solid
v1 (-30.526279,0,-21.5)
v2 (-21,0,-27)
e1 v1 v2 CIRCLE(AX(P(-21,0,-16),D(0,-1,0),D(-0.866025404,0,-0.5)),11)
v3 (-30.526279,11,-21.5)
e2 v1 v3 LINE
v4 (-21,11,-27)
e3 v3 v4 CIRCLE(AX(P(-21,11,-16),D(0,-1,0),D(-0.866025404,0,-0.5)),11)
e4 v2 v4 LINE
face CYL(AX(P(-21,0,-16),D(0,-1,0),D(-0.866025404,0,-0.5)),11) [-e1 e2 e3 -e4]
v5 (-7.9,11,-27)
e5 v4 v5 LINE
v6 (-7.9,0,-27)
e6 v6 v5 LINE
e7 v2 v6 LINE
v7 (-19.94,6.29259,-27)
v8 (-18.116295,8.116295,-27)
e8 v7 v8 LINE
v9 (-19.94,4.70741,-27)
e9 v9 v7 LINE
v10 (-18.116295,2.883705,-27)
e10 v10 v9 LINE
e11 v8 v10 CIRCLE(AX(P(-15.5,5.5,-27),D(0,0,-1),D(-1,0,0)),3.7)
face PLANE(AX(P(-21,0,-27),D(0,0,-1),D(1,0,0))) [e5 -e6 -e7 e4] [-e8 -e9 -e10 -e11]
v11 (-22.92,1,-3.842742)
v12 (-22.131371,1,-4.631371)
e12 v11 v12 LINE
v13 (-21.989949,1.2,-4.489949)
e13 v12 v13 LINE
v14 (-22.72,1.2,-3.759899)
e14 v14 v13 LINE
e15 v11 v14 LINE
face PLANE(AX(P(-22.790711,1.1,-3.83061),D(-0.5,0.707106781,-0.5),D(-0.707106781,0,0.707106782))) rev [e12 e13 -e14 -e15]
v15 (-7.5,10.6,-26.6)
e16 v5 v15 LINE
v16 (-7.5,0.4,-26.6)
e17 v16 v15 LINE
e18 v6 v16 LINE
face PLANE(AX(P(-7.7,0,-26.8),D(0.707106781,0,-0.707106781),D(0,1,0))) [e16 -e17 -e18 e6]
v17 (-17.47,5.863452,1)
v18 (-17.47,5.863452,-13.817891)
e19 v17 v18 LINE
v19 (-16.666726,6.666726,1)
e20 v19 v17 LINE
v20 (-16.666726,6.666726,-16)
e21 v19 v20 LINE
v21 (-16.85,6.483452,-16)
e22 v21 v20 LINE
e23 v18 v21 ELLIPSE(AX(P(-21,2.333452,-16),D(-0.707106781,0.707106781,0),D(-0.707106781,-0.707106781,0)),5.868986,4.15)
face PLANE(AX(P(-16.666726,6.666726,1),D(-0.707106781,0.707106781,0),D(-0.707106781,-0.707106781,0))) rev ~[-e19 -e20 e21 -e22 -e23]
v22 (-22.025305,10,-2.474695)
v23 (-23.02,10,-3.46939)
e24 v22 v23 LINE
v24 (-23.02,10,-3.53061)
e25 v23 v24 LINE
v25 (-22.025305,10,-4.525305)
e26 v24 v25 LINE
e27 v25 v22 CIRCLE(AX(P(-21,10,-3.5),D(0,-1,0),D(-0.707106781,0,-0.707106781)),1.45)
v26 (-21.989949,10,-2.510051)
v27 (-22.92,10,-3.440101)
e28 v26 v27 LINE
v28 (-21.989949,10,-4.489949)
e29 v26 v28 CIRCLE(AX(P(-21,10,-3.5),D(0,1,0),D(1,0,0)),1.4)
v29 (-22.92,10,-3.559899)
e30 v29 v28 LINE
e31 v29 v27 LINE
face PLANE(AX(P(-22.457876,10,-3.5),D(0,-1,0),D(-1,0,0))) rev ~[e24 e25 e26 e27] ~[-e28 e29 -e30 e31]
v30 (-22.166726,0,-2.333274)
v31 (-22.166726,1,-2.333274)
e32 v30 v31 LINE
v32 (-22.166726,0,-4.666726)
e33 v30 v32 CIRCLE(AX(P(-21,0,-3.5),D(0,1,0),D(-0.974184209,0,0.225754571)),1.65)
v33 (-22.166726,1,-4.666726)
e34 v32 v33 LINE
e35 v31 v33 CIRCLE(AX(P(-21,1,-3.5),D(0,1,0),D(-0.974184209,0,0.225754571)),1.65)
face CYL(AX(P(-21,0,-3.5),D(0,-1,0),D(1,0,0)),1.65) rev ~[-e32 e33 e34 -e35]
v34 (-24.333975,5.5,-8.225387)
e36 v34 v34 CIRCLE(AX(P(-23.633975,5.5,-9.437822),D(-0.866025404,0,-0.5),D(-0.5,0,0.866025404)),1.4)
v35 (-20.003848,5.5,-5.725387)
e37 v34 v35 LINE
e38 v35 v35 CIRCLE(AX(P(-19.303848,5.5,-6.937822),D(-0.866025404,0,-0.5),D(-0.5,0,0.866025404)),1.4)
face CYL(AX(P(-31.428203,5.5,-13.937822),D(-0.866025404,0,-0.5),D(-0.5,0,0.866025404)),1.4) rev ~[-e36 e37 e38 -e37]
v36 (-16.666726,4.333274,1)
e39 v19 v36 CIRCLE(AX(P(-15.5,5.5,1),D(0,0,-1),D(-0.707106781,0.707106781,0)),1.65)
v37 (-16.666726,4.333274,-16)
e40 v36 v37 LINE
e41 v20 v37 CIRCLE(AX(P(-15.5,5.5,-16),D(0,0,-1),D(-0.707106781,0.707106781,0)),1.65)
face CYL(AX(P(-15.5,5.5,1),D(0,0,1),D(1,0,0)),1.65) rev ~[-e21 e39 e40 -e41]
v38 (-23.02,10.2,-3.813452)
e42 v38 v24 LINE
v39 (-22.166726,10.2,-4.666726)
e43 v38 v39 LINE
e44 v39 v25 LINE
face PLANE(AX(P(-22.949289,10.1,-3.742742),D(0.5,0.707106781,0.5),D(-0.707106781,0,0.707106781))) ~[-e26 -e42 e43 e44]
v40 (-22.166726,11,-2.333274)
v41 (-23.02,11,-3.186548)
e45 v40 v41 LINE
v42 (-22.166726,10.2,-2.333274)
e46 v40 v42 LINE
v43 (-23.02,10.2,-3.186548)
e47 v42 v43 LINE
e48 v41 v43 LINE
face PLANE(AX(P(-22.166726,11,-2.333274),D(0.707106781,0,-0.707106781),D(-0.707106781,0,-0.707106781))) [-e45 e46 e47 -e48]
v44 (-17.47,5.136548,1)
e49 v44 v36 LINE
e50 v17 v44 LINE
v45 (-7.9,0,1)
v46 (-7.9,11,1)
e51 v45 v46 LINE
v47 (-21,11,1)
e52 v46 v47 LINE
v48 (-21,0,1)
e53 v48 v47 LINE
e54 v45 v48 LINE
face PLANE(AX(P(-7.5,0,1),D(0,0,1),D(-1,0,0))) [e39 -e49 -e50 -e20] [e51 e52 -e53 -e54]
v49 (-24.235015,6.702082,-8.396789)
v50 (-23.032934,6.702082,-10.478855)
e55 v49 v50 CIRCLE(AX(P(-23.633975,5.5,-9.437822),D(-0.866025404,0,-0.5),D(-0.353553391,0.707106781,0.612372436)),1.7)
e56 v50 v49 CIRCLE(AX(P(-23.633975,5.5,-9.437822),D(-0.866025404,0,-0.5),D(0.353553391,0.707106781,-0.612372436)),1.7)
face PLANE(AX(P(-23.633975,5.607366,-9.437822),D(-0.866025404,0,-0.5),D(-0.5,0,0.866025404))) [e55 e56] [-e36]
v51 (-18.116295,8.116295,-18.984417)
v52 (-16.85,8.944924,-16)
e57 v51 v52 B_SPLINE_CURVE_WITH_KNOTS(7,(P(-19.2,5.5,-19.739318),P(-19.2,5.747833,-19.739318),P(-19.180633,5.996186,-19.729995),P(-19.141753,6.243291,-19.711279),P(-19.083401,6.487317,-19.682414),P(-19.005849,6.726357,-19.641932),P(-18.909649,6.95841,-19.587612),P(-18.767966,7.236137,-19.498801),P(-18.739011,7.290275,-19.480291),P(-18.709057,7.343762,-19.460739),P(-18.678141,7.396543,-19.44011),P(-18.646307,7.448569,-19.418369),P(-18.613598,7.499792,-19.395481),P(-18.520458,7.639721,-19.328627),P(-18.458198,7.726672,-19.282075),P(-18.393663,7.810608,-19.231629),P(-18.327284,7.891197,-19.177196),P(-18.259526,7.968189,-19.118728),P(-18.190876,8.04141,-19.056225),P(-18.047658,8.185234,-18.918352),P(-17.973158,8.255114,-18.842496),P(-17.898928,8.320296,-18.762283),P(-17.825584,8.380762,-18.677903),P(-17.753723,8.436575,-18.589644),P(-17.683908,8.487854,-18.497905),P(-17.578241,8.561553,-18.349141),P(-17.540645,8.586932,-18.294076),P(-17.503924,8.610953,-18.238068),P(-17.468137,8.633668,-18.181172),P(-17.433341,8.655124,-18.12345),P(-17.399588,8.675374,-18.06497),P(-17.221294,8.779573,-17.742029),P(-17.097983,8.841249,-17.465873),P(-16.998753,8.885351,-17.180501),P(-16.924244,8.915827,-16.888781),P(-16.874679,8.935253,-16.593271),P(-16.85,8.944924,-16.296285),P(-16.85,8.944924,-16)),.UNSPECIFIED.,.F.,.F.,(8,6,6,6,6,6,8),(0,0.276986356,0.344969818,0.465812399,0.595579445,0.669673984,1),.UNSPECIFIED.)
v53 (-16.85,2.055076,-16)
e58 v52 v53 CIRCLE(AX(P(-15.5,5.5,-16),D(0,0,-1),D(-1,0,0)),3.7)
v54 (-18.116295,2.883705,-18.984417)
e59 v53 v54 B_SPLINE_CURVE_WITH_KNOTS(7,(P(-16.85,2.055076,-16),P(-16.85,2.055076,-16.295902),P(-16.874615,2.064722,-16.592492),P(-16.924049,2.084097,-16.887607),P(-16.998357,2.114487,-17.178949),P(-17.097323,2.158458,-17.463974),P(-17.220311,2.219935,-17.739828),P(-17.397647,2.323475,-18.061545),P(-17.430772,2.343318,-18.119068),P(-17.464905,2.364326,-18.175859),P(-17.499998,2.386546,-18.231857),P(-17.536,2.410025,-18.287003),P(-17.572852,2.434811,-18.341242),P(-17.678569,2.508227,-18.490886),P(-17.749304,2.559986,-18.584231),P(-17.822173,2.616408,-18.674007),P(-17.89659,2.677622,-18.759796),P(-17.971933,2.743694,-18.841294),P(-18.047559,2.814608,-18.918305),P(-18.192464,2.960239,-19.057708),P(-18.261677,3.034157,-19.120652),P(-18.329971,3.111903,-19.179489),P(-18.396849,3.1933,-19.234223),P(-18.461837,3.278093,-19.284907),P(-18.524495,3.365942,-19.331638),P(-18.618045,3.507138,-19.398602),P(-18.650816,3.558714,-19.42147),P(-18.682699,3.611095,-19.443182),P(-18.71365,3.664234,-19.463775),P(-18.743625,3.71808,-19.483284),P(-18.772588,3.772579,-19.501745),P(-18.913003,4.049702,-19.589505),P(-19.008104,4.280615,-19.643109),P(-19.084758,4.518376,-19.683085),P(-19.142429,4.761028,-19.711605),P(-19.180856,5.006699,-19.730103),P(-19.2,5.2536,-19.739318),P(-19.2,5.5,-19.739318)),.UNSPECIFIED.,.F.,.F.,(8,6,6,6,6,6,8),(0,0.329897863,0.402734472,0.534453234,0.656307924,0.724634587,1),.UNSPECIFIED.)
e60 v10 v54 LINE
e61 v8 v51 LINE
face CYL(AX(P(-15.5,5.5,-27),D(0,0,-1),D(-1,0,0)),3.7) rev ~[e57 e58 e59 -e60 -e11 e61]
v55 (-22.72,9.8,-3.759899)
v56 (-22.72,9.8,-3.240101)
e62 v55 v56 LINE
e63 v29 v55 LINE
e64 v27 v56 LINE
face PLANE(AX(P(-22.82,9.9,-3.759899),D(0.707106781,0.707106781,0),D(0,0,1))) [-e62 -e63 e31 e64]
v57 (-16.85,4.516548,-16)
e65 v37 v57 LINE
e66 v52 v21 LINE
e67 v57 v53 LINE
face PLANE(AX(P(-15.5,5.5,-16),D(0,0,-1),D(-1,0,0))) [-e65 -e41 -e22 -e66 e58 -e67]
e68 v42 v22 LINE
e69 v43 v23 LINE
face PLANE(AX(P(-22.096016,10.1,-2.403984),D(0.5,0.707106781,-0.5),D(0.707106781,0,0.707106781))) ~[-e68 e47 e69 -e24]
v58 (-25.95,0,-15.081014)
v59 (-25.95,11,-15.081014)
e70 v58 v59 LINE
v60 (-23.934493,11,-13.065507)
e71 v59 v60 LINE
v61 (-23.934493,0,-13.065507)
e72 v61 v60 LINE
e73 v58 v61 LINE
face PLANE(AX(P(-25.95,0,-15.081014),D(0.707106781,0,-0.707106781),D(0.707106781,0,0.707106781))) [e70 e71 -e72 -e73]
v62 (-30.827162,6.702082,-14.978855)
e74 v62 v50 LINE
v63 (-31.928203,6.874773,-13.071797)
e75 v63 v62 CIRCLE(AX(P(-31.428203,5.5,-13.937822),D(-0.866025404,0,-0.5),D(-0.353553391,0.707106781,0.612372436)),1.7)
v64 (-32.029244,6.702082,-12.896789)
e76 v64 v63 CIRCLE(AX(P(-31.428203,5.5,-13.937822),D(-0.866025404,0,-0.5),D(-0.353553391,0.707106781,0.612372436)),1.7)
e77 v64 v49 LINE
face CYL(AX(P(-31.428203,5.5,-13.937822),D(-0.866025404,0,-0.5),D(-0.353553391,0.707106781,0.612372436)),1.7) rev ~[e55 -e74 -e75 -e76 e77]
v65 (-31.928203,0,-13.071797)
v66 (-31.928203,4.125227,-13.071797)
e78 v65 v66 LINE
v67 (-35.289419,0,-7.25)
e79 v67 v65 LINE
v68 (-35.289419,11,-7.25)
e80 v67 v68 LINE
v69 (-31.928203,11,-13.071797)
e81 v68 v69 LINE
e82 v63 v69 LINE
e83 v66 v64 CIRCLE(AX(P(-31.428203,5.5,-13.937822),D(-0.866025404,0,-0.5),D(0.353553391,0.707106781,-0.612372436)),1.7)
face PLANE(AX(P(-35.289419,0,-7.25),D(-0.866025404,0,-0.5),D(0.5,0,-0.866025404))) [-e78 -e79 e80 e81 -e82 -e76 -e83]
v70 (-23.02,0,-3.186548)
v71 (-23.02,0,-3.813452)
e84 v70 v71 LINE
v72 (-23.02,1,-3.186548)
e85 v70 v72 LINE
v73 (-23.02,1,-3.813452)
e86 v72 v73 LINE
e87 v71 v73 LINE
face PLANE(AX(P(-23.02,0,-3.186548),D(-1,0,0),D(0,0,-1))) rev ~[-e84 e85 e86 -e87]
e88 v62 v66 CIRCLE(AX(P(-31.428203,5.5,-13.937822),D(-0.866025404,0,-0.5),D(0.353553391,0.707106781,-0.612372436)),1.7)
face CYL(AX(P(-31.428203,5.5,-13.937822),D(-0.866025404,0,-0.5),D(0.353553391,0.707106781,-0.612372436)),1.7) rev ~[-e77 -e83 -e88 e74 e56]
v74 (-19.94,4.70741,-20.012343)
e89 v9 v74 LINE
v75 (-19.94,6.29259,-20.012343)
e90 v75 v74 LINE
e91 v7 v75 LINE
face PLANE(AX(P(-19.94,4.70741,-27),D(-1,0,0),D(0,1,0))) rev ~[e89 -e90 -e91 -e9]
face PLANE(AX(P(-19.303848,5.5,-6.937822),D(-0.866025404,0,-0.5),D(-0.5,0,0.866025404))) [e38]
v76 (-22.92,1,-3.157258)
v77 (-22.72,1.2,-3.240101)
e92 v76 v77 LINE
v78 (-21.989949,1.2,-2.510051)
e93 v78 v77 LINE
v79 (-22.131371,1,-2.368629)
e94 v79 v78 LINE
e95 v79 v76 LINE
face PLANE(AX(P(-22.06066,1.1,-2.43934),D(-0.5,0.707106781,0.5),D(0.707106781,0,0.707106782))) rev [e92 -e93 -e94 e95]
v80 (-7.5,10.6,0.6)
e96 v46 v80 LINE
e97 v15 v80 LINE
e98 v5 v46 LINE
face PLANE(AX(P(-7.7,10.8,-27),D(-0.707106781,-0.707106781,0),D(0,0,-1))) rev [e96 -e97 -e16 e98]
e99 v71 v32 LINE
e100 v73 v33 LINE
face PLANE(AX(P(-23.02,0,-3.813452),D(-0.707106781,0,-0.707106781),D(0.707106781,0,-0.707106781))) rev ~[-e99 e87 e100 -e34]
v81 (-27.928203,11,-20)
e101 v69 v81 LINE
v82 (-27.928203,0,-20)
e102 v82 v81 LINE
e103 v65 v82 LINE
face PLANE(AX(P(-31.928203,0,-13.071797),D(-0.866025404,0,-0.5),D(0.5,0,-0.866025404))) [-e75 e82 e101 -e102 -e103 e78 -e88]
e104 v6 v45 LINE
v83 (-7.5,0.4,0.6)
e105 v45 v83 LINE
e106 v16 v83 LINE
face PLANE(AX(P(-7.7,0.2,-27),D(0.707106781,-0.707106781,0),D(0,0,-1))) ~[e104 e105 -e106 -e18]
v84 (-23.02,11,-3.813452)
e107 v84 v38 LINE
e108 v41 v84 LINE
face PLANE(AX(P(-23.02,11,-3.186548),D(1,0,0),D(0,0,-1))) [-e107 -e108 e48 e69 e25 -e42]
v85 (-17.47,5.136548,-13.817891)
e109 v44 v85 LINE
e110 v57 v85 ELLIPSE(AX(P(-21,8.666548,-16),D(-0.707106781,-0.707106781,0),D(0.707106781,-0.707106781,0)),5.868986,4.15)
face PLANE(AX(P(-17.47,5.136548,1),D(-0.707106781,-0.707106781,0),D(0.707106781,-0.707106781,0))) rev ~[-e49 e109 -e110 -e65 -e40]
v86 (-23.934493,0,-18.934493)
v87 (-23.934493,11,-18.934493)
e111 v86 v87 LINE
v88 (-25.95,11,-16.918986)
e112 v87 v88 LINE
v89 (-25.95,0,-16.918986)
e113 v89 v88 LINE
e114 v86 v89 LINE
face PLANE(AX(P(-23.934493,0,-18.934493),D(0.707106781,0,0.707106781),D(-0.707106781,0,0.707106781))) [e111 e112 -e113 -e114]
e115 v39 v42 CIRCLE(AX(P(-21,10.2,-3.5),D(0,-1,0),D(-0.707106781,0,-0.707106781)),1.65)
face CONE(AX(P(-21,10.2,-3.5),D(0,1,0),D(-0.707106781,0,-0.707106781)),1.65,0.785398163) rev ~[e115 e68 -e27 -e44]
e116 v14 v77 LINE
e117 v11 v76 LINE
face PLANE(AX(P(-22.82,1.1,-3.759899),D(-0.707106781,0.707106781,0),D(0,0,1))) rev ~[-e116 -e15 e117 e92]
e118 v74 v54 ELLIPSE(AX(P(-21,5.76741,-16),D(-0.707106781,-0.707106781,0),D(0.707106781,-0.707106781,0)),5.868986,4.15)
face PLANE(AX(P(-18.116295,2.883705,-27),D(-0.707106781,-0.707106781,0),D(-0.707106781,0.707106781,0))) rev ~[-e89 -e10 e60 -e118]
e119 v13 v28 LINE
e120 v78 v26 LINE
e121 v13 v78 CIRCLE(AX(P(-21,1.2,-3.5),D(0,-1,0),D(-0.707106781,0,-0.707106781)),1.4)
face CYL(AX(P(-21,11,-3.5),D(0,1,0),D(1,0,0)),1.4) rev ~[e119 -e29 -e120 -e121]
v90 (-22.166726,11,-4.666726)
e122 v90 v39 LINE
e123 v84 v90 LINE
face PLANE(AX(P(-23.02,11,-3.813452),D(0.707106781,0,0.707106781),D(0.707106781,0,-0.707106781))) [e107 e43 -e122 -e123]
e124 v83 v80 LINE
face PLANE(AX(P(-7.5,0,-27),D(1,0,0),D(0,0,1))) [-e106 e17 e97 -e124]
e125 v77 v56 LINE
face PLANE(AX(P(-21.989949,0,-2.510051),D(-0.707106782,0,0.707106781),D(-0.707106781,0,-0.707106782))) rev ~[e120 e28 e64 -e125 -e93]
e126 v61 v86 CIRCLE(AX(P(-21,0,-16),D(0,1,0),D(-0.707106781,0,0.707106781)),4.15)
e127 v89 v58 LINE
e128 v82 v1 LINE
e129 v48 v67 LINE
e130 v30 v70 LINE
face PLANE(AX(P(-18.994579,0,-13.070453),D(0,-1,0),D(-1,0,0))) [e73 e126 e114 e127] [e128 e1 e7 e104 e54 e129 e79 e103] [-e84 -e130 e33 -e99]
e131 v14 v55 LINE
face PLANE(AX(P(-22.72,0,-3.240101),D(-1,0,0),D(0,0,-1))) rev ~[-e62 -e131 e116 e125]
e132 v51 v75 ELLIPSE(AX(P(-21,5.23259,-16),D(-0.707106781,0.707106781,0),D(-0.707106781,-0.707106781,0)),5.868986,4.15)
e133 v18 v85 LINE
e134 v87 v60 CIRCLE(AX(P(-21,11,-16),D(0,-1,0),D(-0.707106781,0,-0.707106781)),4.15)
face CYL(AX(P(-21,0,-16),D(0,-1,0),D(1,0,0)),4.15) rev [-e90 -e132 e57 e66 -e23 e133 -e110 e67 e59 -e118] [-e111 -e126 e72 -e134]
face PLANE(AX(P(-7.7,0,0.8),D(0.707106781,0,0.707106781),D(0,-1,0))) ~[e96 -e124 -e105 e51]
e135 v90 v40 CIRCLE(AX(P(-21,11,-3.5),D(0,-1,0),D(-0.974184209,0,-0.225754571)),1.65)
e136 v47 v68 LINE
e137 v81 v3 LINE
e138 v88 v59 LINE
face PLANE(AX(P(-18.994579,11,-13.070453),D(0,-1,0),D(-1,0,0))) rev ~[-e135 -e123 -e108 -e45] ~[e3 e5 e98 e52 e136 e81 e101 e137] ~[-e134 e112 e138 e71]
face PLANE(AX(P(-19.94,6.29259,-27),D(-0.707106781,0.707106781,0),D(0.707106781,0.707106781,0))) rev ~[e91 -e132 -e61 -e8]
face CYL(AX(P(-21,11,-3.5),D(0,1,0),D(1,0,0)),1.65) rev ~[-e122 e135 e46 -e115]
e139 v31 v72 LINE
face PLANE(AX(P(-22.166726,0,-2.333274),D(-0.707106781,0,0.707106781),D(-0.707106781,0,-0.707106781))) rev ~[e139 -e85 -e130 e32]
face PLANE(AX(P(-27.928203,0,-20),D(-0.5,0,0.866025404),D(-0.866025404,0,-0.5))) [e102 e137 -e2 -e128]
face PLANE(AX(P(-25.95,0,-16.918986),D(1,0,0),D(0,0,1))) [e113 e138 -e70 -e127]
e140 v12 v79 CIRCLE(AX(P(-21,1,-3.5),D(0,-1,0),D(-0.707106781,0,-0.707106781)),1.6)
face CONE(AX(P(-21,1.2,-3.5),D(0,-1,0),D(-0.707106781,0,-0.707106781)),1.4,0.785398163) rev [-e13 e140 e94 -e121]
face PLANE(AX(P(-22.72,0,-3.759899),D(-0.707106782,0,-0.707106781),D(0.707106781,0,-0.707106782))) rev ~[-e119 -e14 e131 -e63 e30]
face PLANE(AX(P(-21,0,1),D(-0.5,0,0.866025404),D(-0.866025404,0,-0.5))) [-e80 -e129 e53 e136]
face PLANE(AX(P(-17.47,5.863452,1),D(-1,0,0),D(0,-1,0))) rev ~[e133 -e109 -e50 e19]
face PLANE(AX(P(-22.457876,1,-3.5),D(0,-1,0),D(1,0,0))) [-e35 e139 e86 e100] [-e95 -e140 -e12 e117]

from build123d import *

# Parameters (mm, degrees)
SKETCH1_R           = 4.15
BOSS_EXTRUDE1_DEPTH = 11
SKETCH2_R           = 1.65
CUT_EXTRUDE1_DEPTH  = 29
SKETCH3_R           = 3.7
CUT_EXTRUDE2_DEPTH  = 11
SKETCH5_R           = 1.4
CUT_EXTRUDE4_DEPTH  = 12.0000001
SKETCH11_R          = 1.4
CUT_EXTRUDE10_DEPTH = 14
CUT_EXTRUDE14_DEPTH = 12.0000001
CUT_EXTRUDE15_DEPTH = 11
CUT_EXTRUDE16_DEPTH = 29.0000001
CUT_EXTRUDE21_DEPTH = 12.0000001
SKETCH20_R          = 1.65
CUT_EXTRUDE18_DEPTH = 1
SKETCH21_R          = 1.65
CUT_EXTRUDE19_DEPTH = 1
CUT_EXTRUDE22_DEPTH = 1
CUT_EXTRUDE23_DEPTH = 1
CHAMFER4_SIZE       = 0.4
CUT_EXTRUDE20_DEPTH = 9
CHAMFER5_SIZE       = 0.2


with BuildPart() as part:
    # Sketch1 → Boss-Extrude1 (new body)
    with BuildSketch(Plane(origin=(0, 0, 0), x_dir=(1, 0, 0), z_dir=(0, 1, 0))):
        with BuildLine():
            Line((-7.5, -1), (-21, -1))
            Line((-21, -1), (-35.289419162, 7.25))
            Line((-35.289419162, 7.25), (-31.92820323, 13.07179677))
            Line((-31.92820323, 13.07179677), (-27.92820323, 20))
            Line((-27.92820323, 20), (-30.526279442, 21.5))
            ThreePointArc((-30.526279442, 21.5), (-26.5, 25.526279442), (-21, 27))
            Line((-21, 27), (-7.5, 27))
            Line((-7.5, 27), (-7.5, -1))
        make_face()
        with Locations((-21, 16)):
            Circle(SKETCH1_R, mode=Mode.SUBTRACT)
    extrude(amount=BOSS_EXTRUDE1_DEPTH)

    # Sketch2 → Cut-Extrude1 (cut, through all)
    with BuildSketch(Plane.XY.offset(1)):
        with Locations((-15.5, 5.5)):
            Circle(SKETCH2_R)
    extrude(amount=-CUT_EXTRUDE1_DEPTH, mode=Mode.SUBTRACT)

    # Sketch3 → Cut-Extrude2 (cut)
    with BuildSketch(Plane(origin=(0, 0, -27), x_dir=(-1, 0, 0), z_dir=(0, 0, -1))):
        with Locations((15.5, 5.5)):
            Circle(SKETCH3_R)
    extrude(amount=-CUT_EXTRUDE2_DEPTH, mode=Mode.SUBTRACT)

    # Sketch5 → Cut-Extrude4 (cut, through all)
    with BuildSketch(Plane(origin=(0, 11, 0), x_dir=(1, 0, 0), z_dir=(0, 1, 0))):
        with Locations((-21, 3.5)):
            Circle(SKETCH5_R)
    extrude(amount=-CUT_EXTRUDE4_DEPTH, mode=Mode.SUBTRACT)

    # Sketch11 → Cut-Extrude10 (cut)
    with BuildSketch(Plane(origin=(-29.606406461, 0, -17.09326674), x_dir=(-0.5, 0, 0.866025404), z_dir=(-0.866025404, 0, -0.5))):
        with Locations((3.643593539, 5.5)):
            Circle(SKETCH11_R)
    extrude(amount=-CUT_EXTRUDE10_DEPTH, mode=Mode.SUBTRACT)

    # Sketch16 → Cut-Extrude14 (cut, through all)
    with BuildSketch(Plane.XZ):
        Polygon((-21, -16), (-23.934493142, -18.934493142), (-25.95, -16.918986284), (-25.95, -15.081013716), (-23.934493142, -13.065506858), align=None)
    extrude(amount=-CUT_EXTRUDE14_DEPTH, mode=Mode.SUBTRACT)

    # Sketch17 → Cut-Extrude15 (cut)
    with BuildSketch(Plane(origin=(0, 0, -27), x_dir=(-1, 0, 0), z_dir=(0, 0, -1))):
        Polygon((15.5, 5.5), (18.11629509, 2.88370491), (19.94, 4.707409819), (19.94, 6.292590181), (18.11629509, 8.11629509), align=None)
    extrude(amount=-CUT_EXTRUDE15_DEPTH, mode=Mode.SUBTRACT)

    # Sketch18 → Cut-Extrude16 (cut, through all)
    with BuildSketch(Plane.XY.offset(1)):
        Polygon((-15.5, 5.5), (-16.666726189, 6.666726189), (-17.47, 5.863452378), (-17.47, 5.136547622), (-16.666726189, 4.333273811), align=None)
    extrude(amount=-CUT_EXTRUDE16_DEPTH, mode=Mode.SUBTRACT)

    # Sketch23 → Cut-Extrude21 (cut, through all)
    with BuildSketch(Plane.XZ):
        Polygon((-21.989949494, -2.510050506), (-22.72, -3.240101013), (-22.72, -3.759898987), (-21.989949494, -4.489949494), align=None)
    extrude(amount=-CUT_EXTRUDE21_DEPTH, mode=Mode.SUBTRACT)

    # Sketch20 → Cut-Extrude18 (cut)
    with BuildSketch(Plane(origin=(0, 11, 0), x_dir=(1, 0, 0), z_dir=(0, 1, 0))):
        with Locations((-21, 3.5)):
            Circle(SKETCH20_R)
    extrude(amount=-CUT_EXTRUDE18_DEPTH, mode=Mode.SUBTRACT)

    # Sketch21 → Cut-Extrude19 (cut)
    with BuildSketch(Plane.XZ):
        with Locations((-21, -3.5)):
            Circle(SKETCH21_R)
    extrude(amount=-CUT_EXTRUDE19_DEPTH, mode=Mode.SUBTRACT)

    # Sketch24 → Cut-Extrude22 (cut)
    with BuildSketch(Plane.XZ):
        Polygon((-22.166726189, -2.333273811), (-23.02, -3.186547622), (-23.02, -3.813452378), (-22.166726189, -4.666726189), align=None)
    extrude(amount=-CUT_EXTRUDE22_DEPTH, mode=Mode.SUBTRACT)

    # Sketch25 → Cut-Extrude23 (cut)
    with BuildSketch(Plane(origin=(0, 11, 0), x_dir=(1, 0, 0), z_dir=(0, 1, 0))):
        Polygon((-23.02, 3.186547622), (-23.02, 3.813452378), (-22.166726189, 4.666726189), (-22.166726189, 2.333273811), align=None)
    extrude(amount=-CUT_EXTRUDE23_DEPTH, mode=Mode.SUBTRACT)

    # Chamfer4
    chamfer4_edges = [part.edges().sort_by_distance(p)[0] for p in [
        (-7.5, 11, -13),
        (-7.5, 5.5, -27),
        (-7.5, 5.5, 1),
        (-7.5, 0, -13),
    ]]
    chamfer(chamfer4_edges, length=CHAMFER4_SIZE)

    # Sketch22 → Cut-Extrude20 (cut)
    with BuildSketch(Plane(origin=(-29.606406461, 0, -17.09326674), x_dir=(-0.5, 0, 0.866025404), z_dir=(-0.866025404, 0, -0.5))):
        with BuildLine():
            ThreePointArc((2.441512011, 6.702081528), (3.643593539, 3.8), (4.845675067, 6.702081528))
            ThreePointArc((4.845675067, 6.702081528), (3.643593539, 7.2), (2.441512011, 6.702081528))
        make_face()
    extrude(amount=-CUT_EXTRUDE20_DEPTH, mode=Mode.SUBTRACT)

    # Chamfer5
    chamfer5_edges = [part.edges().sort_by_distance(p)[0] for p in [
        (-22.354974747, 1, -2.87507576),
        (-19.6, 1, -3.5),
        (-22.354974747, 1, -4.12492424),
        (-22.72, 1, -3.5),
        (-19.35, 10, -3.5),
        (-22.593363094, 10, -2.759910717),
        (-22.593363094, 10, -4.240089283),
        (-22.72, 10, -3.5),
    ]]
    chamfer(chamfer5_edges, length=CHAMFER5_SIZE)


solid = part.part
